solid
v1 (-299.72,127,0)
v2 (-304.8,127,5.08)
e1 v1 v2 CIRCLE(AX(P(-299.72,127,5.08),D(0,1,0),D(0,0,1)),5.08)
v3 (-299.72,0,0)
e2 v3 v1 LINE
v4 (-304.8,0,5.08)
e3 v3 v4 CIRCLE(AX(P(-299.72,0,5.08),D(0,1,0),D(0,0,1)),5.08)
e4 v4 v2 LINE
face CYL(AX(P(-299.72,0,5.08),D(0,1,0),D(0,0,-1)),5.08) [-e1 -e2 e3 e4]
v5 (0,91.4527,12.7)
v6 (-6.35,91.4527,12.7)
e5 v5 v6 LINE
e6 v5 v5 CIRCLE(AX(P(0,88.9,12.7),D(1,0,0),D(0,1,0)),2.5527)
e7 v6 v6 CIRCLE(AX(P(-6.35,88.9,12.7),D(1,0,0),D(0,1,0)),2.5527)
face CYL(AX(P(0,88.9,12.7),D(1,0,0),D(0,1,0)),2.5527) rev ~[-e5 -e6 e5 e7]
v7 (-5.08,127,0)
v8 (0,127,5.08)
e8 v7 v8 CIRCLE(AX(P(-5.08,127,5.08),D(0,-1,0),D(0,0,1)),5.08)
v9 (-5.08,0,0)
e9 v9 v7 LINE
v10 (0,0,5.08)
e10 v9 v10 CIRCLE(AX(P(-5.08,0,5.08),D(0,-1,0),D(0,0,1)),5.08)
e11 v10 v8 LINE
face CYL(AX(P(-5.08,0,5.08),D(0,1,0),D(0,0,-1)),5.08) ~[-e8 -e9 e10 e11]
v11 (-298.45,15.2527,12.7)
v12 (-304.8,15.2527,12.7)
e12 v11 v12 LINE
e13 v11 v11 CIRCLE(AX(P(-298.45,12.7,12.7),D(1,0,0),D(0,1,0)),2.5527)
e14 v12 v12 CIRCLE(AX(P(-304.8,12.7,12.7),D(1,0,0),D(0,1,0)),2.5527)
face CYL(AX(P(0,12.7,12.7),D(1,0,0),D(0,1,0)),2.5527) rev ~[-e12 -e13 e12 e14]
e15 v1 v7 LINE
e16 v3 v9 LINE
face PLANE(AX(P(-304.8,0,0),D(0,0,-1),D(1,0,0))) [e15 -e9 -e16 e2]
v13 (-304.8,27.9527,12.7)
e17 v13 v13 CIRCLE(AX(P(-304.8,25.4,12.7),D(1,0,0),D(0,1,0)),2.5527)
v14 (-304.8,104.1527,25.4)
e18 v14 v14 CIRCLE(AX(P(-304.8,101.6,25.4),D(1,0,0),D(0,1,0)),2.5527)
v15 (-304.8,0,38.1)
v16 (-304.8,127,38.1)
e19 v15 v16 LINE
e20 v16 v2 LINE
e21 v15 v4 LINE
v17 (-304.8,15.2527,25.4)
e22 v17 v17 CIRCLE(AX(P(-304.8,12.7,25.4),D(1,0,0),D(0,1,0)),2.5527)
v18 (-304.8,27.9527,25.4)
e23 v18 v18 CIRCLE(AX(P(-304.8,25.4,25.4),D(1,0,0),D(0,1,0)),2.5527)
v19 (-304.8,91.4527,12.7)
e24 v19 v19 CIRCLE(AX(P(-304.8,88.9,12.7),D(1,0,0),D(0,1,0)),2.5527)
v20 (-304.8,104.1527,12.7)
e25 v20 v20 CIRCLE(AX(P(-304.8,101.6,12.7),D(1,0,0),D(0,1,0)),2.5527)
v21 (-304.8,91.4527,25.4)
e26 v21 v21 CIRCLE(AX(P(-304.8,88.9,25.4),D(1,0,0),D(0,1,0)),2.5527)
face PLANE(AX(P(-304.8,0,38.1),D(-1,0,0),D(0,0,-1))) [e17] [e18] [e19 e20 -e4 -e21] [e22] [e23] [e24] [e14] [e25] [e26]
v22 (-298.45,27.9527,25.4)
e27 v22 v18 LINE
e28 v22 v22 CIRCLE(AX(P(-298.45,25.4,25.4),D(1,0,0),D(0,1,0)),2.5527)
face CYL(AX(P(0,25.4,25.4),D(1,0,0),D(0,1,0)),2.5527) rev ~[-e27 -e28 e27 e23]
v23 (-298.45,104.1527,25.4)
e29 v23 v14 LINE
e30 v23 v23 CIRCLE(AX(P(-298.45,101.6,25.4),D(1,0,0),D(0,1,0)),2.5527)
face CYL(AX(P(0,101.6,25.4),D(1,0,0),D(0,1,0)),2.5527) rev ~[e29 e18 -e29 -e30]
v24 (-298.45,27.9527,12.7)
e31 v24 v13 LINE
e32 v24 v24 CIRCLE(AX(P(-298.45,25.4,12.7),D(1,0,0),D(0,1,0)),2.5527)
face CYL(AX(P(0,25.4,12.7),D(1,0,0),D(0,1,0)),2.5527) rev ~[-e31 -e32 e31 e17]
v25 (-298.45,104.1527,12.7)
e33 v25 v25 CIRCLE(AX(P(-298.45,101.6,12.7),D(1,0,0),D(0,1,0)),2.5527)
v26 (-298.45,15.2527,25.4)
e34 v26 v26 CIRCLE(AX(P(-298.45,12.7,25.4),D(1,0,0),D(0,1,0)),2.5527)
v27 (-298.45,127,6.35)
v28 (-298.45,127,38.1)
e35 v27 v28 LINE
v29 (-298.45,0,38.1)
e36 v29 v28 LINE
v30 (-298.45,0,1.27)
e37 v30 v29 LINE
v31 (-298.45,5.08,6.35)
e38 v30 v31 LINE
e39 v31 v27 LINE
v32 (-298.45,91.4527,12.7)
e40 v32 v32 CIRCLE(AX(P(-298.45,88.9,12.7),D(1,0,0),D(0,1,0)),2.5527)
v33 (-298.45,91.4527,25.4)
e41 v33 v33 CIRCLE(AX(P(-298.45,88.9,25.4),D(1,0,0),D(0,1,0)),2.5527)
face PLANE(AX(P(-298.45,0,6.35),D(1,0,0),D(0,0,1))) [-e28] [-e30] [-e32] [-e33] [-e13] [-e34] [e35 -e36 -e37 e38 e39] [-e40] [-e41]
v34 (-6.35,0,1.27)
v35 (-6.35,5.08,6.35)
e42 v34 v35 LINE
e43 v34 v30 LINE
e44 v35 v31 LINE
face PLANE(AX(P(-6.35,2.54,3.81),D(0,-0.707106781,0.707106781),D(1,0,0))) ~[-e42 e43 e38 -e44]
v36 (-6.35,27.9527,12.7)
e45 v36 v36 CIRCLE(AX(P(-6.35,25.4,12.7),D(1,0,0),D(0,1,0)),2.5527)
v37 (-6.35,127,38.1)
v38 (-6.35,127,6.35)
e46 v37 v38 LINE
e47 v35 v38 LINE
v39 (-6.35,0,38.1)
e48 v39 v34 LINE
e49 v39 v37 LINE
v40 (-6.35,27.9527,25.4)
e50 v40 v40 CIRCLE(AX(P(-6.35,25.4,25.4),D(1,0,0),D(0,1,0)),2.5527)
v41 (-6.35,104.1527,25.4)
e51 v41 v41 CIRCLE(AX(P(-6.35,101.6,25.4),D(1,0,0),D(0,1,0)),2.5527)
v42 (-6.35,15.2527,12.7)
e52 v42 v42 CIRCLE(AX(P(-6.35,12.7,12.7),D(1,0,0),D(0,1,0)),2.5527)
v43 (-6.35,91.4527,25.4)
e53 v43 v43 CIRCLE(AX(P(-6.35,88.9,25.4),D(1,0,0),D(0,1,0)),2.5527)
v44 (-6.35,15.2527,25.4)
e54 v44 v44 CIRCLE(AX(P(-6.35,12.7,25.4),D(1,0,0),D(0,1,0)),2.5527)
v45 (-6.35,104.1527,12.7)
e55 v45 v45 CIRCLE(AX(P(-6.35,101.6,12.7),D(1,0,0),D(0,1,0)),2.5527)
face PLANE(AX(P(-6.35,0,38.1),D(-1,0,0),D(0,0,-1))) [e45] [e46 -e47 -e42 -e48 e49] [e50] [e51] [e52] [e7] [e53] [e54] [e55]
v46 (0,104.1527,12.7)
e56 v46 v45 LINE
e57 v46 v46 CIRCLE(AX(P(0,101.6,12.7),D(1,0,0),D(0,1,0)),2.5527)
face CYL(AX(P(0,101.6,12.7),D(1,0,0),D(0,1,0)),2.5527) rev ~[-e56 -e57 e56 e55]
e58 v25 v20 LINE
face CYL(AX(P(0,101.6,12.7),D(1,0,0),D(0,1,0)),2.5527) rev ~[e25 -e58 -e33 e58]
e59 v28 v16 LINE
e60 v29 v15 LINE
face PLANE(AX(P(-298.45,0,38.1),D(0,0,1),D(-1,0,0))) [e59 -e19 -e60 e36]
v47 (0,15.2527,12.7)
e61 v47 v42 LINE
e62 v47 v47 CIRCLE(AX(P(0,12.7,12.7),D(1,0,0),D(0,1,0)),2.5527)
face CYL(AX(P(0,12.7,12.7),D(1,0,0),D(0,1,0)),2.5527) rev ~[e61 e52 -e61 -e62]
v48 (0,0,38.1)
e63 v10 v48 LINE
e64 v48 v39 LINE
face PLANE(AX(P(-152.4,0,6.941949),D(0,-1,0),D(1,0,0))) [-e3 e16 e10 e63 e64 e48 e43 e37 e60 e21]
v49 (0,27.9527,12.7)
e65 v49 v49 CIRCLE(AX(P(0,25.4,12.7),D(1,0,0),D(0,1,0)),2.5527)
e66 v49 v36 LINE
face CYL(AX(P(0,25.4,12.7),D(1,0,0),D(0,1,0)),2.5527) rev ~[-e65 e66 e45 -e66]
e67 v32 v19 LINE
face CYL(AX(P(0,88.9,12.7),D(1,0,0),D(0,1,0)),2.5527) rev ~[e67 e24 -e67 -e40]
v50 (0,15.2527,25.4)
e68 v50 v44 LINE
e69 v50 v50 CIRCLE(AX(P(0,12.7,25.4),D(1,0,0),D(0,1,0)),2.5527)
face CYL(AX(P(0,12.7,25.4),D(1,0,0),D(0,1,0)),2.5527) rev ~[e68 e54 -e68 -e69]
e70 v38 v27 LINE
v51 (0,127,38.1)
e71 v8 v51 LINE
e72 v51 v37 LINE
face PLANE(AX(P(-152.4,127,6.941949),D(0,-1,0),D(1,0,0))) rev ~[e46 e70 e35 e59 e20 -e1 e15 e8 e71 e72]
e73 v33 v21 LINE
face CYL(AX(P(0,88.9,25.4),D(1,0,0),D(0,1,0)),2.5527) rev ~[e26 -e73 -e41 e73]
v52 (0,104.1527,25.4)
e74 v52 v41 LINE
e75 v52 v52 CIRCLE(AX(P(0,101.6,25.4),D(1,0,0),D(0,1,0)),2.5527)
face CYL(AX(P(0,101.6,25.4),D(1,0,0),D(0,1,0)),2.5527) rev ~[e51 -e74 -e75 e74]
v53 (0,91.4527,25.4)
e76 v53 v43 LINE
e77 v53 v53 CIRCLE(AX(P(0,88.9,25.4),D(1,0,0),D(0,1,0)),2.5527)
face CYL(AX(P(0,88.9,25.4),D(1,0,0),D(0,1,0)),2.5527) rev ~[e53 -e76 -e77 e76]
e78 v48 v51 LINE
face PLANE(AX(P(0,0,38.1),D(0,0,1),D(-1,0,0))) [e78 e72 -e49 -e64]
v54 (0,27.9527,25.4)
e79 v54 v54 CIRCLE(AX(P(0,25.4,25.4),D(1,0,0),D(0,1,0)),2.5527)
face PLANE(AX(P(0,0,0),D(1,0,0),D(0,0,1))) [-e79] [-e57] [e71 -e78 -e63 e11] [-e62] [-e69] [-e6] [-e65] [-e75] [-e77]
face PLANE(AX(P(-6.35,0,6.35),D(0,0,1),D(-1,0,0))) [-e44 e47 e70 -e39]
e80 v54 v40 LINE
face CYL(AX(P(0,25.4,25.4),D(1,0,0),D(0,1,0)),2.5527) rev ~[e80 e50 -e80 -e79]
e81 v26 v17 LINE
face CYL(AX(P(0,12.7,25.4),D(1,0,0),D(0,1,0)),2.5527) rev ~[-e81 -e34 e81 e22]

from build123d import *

# Parameters (mm, degrees)
F1_DEPTH = 127
F2_R     = 5.08
F3_SIZE  = 5.08
F4_R     = 2.5527
F5_DEPTH = 304.801


with BuildPart() as f1:
    # F0 (on Front) → F1 (new body)
    with BuildSketch(Plane.XZ):
        Polygon((-304.8, 0), (0, 0), (0, 38.1), (-6.35, 38.1), (-6.35, 6.35), (-298.45, 6.35), (-298.45, 38.1), (-304.8, 38.1), align=None)
    extrude(amount=-F1_DEPTH)

    # F2
    f2_edges = [f1.edges().sort_by_distance(p)[0] for p in [
        (-304.8, 63.5, 0),
        (0, 63.5, 0),
    ]]
    fillet(f2_edges, radius=F2_R)

    # F3
    f3_edges = [f1.edges().sort_by_distance(p)[0] for p in [
        (-152.4, 0, 6.35),
    ]]
    chamfer(f3_edges, length=F3_SIZE)

    # F4 (on Right) → F5 (cut, through all)
    with BuildSketch(Plane.YZ):
        with Locations((12.7, 12.7)):
            Circle(F4_R)
        with Locations((12.7, 25.4)):
            Circle(F4_R)
        with Locations((25.4, 25.4)):
            Circle(F4_R)
        with Locations((25.4, 12.7)):
            Circle(F4_R)
        with Locations((88.9, 12.7)):
            Circle(F4_R)
        with Locations((101.6, 12.7)):
            Circle(F4_R)
        with Locations((101.6, 25.4)):
            Circle(F4_R)
        with Locations((88.9, 25.4)):
            Circle(F4_R)
    extrude(amount=-F5_DEPTH, mode=Mode.SUBTRACT)


solid = f1.part
